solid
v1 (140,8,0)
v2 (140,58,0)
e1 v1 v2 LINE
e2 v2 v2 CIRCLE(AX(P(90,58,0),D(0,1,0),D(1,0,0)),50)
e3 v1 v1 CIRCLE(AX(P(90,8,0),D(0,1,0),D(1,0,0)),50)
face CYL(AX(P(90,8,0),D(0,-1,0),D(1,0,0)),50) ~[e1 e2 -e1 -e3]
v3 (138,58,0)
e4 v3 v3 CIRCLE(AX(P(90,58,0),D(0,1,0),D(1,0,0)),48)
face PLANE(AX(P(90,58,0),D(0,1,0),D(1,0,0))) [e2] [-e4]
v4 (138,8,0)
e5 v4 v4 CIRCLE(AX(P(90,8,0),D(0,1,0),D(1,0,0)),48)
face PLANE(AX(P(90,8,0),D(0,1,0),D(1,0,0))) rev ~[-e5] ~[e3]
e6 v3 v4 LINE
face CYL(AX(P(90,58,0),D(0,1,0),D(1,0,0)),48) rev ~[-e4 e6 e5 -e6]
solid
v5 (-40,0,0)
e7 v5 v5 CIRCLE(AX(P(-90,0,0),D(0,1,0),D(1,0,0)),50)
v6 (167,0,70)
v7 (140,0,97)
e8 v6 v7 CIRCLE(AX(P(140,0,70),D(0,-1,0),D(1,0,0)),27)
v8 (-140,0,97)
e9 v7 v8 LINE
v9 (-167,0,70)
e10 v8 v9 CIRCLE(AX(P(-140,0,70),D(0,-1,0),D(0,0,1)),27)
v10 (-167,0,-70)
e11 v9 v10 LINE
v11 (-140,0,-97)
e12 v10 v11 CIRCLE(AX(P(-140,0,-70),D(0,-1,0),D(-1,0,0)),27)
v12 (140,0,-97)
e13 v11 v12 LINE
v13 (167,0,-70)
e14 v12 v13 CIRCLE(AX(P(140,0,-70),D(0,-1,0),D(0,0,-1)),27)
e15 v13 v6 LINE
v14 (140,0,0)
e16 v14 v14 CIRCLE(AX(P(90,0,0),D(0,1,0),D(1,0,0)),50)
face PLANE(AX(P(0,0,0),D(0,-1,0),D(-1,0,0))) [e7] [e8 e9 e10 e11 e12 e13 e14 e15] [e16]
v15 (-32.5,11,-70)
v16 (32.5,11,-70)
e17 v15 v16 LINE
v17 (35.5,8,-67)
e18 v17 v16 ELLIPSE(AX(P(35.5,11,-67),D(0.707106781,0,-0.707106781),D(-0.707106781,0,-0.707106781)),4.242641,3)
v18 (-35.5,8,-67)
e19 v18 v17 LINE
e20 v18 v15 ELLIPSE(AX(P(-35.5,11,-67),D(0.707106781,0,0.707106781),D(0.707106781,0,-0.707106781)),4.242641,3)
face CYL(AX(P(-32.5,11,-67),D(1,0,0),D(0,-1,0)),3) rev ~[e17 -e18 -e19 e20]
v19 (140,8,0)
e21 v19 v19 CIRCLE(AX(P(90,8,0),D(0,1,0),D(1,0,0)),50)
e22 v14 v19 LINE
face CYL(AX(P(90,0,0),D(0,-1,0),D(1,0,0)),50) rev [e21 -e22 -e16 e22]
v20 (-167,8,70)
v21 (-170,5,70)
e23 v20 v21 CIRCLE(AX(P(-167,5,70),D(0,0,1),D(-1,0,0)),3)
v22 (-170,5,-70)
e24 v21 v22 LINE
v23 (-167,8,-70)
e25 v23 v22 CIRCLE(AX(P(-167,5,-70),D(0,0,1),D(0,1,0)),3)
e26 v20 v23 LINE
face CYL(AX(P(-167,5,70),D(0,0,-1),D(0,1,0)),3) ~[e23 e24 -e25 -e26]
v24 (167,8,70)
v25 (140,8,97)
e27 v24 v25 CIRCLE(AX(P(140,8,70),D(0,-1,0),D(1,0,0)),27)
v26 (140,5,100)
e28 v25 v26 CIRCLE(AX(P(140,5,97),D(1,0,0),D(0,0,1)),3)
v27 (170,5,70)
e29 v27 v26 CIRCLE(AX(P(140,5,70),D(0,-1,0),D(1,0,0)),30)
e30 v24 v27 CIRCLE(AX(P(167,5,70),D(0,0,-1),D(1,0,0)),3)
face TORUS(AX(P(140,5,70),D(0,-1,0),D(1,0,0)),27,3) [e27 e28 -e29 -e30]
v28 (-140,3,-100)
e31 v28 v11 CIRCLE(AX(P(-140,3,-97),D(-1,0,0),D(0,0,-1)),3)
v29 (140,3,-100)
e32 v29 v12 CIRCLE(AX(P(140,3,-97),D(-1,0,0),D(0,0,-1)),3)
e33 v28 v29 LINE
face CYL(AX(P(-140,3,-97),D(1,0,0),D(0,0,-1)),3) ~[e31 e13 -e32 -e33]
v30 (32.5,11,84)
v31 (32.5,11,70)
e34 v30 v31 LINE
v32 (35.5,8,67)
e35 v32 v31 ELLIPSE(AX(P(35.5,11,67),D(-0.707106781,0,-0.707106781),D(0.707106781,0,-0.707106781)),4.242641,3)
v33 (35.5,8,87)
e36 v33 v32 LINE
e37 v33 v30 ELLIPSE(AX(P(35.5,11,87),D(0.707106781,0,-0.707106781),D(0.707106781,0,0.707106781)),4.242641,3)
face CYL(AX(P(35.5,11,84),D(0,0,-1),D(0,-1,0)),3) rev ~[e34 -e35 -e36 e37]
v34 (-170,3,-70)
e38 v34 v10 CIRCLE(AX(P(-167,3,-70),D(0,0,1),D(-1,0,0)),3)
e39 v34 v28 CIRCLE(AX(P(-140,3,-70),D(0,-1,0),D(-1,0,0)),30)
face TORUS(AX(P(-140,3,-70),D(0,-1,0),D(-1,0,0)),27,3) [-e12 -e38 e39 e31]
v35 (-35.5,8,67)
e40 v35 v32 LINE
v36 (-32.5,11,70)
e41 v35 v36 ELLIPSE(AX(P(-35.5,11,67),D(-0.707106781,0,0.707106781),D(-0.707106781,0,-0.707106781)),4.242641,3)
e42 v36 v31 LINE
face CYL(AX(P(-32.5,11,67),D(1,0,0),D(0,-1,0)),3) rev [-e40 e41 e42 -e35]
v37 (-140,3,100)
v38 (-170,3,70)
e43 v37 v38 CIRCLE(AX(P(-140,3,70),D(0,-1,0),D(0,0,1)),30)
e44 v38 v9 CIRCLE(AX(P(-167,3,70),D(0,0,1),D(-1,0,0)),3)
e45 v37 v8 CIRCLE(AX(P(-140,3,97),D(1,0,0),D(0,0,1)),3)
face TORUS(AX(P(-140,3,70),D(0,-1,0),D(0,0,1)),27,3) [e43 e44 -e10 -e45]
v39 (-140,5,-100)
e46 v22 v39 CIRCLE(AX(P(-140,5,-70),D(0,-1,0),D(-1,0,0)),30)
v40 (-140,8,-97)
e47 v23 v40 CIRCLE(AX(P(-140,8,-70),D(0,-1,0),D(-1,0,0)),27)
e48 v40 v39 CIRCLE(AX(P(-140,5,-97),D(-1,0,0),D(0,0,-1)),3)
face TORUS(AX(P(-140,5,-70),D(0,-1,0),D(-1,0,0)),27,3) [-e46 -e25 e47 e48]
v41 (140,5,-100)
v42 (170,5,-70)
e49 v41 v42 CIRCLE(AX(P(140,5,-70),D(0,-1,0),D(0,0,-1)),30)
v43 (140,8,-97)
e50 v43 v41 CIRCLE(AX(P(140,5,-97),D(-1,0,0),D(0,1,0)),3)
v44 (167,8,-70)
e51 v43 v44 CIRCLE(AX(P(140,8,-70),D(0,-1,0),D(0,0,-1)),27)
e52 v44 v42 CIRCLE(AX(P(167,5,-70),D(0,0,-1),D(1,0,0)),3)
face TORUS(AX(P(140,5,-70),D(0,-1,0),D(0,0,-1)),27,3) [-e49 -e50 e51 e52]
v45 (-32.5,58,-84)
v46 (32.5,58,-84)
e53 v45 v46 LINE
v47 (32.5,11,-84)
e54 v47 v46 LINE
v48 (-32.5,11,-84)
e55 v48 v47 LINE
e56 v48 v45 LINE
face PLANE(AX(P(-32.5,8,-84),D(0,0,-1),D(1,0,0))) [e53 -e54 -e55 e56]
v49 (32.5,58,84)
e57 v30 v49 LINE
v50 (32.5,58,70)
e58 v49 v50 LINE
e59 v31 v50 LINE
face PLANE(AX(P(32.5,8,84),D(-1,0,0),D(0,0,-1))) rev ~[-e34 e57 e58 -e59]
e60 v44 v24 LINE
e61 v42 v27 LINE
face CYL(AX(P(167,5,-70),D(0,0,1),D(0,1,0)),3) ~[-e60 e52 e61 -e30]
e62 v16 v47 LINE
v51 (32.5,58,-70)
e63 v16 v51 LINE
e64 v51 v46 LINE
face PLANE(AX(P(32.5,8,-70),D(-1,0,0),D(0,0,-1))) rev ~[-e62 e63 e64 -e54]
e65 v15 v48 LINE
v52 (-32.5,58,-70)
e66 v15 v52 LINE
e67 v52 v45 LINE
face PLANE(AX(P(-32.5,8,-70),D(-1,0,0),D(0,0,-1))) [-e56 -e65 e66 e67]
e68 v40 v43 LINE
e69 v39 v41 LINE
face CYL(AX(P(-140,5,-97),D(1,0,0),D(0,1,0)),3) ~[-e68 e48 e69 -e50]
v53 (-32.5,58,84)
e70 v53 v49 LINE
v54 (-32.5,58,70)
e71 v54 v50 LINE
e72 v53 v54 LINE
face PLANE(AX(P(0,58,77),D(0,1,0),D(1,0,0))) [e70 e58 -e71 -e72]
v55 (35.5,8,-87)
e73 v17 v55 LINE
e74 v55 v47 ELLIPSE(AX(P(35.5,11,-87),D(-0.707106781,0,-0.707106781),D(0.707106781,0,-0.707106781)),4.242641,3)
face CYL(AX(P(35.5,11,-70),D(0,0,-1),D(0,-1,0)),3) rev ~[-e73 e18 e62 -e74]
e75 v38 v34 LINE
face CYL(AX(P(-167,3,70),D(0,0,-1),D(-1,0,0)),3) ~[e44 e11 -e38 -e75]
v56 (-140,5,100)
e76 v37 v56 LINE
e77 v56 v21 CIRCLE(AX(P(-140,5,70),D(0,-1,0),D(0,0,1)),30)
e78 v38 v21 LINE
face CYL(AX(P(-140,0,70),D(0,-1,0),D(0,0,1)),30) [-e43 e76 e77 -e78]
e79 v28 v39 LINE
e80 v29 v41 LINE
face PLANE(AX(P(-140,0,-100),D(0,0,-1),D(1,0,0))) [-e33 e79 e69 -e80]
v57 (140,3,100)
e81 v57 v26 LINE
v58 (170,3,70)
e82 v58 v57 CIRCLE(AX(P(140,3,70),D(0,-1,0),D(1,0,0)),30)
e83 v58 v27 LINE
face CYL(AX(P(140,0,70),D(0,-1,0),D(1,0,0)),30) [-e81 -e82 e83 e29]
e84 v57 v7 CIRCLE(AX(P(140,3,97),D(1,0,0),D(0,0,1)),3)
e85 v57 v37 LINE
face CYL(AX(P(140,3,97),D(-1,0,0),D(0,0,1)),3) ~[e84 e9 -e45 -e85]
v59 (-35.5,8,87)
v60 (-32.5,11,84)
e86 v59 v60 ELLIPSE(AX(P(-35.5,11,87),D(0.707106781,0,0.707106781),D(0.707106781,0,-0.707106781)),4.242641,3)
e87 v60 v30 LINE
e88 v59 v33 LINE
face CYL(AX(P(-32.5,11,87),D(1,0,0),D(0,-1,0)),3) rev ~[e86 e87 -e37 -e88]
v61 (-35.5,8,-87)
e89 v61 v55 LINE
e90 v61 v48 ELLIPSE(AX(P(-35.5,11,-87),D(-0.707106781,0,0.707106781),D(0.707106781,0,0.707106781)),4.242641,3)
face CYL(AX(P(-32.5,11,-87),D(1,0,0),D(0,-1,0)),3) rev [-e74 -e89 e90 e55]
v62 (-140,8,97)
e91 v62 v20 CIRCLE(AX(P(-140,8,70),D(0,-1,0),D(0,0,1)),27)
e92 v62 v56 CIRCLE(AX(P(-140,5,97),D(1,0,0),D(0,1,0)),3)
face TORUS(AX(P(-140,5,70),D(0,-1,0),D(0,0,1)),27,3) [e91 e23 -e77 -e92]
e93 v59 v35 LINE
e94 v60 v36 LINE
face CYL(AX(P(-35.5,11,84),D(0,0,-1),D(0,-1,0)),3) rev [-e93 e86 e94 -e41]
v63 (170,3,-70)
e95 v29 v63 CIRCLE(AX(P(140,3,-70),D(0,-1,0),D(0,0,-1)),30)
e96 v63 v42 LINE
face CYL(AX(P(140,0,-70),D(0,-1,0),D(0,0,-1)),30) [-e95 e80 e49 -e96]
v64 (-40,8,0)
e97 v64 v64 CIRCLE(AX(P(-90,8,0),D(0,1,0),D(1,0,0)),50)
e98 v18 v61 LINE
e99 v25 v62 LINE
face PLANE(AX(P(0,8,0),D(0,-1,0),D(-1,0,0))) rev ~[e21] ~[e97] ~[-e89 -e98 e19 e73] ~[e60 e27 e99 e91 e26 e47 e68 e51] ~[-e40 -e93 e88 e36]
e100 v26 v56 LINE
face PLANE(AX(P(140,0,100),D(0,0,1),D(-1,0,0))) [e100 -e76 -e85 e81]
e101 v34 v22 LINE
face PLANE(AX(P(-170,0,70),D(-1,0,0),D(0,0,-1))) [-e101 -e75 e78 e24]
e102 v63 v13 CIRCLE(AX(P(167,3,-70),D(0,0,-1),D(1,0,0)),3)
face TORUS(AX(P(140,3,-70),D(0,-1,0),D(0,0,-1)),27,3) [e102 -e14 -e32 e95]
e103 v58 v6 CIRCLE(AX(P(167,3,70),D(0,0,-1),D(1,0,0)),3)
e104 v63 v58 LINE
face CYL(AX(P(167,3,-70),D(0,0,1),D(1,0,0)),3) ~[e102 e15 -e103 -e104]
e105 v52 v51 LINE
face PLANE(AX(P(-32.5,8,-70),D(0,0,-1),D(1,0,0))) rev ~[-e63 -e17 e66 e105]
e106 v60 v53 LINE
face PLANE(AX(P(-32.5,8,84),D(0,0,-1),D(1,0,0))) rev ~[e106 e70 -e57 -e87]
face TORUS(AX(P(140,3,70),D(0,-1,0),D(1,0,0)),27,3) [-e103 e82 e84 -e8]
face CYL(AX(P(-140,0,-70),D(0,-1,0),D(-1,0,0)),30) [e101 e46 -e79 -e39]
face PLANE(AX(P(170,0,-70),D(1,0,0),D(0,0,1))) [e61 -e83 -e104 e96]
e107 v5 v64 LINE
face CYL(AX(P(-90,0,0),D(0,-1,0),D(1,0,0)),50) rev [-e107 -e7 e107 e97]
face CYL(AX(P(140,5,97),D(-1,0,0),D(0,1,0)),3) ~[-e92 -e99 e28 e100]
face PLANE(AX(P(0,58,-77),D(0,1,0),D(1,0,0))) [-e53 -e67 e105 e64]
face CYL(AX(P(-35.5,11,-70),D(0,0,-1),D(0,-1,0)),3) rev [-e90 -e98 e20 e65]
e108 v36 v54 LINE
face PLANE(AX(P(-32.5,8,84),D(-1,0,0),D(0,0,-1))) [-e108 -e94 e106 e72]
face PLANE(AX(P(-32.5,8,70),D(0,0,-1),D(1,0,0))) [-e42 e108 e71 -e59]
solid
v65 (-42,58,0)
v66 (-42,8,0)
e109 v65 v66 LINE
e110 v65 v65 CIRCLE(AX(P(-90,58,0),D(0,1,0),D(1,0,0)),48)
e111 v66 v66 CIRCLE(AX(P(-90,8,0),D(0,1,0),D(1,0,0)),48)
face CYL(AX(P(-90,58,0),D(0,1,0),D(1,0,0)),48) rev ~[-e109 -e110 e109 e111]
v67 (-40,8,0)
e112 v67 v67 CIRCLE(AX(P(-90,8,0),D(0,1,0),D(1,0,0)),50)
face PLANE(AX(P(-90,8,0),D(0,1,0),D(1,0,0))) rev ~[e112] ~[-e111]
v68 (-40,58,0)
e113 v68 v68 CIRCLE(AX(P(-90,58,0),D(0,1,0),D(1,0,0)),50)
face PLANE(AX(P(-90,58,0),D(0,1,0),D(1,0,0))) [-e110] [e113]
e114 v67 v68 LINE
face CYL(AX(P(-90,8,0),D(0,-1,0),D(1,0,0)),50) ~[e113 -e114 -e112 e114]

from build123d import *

# Parameters (mm, degrees)
SKETCH1_R           = 50
BOSS_EXTRUDE1_DEPTH = 8
SKETCH2_R           = 50
SKETCH2_W           = 65
SKETCH2_H           = 14
BOSS_EXTRUDE2_DEPTH = 50
SKETCH4_R           = 48
CUT_EXTRUDE1_DEPTH  = 59
FILLET2_R           = 3
FILLET3_R           = 3


with BuildPart() as part:
    # Sketch1 → Boss-Extrude1 (new body)
    with BuildSketch(Plane(origin=(0, 0, 0), x_dir=(1, 0, 0), z_dir=(0, 1, 0))):
        with BuildLine():
            Line((-140, 100), (140, 100))
            ThreePointArc((140, 100), (161.213203436, 91.213203436), (170, 70))
            Line((170, 70), (170, -70))
            ThreePointArc((170, -70), (161.213203436, -91.213203436), (140, -100))
            Line((140, -100), (-140, -100))
            ThreePointArc((-140, -100), (-161.213203436, -91.213203436), (-170, -70))
            Line((-170, -70), (-170, 70))
            ThreePointArc((-170, 70), (-161.213203436, 91.213203436), (-140, 100))
        make_face()
        with Locations((-90, 0)):
            Circle(SKETCH1_R, mode=Mode.SUBTRACT)
        with Locations((90, 0)):
            Circle(SKETCH1_R, mode=Mode.SUBTRACT)
    extrude(amount=BOSS_EXTRUDE1_DEPTH)

    # Sketch2 → Boss-Extrude2 (add)
    with BuildSketch(Plane(origin=(0, 8, 0), x_dir=(1, 0, 0), z_dir=(0, 1, 0))):
        with Locations((-90, 0)):
            Circle(SKETCH2_R)
        with Locations((90, 0)):
            Circle(SKETCH2_R)
        with Locations((0, -77)):
            Rectangle(SKETCH2_W, SKETCH2_H)
        with Locations((0, 77)):
            Rectangle(SKETCH2_W, SKETCH2_H)
    extrude(amount=BOSS_EXTRUDE2_DEPTH)

    # Sketch4 → Cut-Extrude1 (cut, through all)
    with BuildSketch(Plane(origin=(0, 58, 0), x_dir=(1, 0, 0), z_dir=(0, 1, 0))):
        with Locations((-90, 0)):
            Circle(SKETCH4_R)
        with Locations((90, 0)):
            Circle(SKETCH4_R)
    extrude(amount=-CUT_EXTRUDE1_DEPTH, mode=Mode.SUBTRACT)

    # Fillet2
    fillet2_edges = [part.edges().sort_by_distance(p)[0] for p in [
        (32.5, 8, -77),
        (0, 8, -84),
        (-32.5, 8, -77),
        (0, 8, -70),
        (-32.5, 8, 77),
        (0, 8, 84),
        (32.5, 8, 77),
        (0, 8, 70),
    ]]
    fillet(fillet2_edges, radius=FILLET2_R)

    # Fillet3
    fillet3_edges = [part.edges().sort_by_distance(p)[0] for p in [
        (170, 0, 0),
        (161.213203436, 0, 91.213203436),
        (0, 0, 100),
        (-161.213203436, 0, 91.213203436),
        (161.213203436, 8, 91.213203436),
        (170, 8, 0),
        (161.213203436, 8, -91.213203436),
        (0, 8, -100),
        (-161.213203436, 8, -91.213203436),
        (-170, 8, 0),
        (-161.213203436, 8, 91.213203436),
        (-170, 0, 0),
        (0, 8, 100),
        (-161.213203436, 0, -91.213203436),
        (0, 0, -100),
        (161.213203436, 0, -91.213203436),
    ]]
    fillet(fillet3_edges, radius=FILLET3_R)


solid = part.part
